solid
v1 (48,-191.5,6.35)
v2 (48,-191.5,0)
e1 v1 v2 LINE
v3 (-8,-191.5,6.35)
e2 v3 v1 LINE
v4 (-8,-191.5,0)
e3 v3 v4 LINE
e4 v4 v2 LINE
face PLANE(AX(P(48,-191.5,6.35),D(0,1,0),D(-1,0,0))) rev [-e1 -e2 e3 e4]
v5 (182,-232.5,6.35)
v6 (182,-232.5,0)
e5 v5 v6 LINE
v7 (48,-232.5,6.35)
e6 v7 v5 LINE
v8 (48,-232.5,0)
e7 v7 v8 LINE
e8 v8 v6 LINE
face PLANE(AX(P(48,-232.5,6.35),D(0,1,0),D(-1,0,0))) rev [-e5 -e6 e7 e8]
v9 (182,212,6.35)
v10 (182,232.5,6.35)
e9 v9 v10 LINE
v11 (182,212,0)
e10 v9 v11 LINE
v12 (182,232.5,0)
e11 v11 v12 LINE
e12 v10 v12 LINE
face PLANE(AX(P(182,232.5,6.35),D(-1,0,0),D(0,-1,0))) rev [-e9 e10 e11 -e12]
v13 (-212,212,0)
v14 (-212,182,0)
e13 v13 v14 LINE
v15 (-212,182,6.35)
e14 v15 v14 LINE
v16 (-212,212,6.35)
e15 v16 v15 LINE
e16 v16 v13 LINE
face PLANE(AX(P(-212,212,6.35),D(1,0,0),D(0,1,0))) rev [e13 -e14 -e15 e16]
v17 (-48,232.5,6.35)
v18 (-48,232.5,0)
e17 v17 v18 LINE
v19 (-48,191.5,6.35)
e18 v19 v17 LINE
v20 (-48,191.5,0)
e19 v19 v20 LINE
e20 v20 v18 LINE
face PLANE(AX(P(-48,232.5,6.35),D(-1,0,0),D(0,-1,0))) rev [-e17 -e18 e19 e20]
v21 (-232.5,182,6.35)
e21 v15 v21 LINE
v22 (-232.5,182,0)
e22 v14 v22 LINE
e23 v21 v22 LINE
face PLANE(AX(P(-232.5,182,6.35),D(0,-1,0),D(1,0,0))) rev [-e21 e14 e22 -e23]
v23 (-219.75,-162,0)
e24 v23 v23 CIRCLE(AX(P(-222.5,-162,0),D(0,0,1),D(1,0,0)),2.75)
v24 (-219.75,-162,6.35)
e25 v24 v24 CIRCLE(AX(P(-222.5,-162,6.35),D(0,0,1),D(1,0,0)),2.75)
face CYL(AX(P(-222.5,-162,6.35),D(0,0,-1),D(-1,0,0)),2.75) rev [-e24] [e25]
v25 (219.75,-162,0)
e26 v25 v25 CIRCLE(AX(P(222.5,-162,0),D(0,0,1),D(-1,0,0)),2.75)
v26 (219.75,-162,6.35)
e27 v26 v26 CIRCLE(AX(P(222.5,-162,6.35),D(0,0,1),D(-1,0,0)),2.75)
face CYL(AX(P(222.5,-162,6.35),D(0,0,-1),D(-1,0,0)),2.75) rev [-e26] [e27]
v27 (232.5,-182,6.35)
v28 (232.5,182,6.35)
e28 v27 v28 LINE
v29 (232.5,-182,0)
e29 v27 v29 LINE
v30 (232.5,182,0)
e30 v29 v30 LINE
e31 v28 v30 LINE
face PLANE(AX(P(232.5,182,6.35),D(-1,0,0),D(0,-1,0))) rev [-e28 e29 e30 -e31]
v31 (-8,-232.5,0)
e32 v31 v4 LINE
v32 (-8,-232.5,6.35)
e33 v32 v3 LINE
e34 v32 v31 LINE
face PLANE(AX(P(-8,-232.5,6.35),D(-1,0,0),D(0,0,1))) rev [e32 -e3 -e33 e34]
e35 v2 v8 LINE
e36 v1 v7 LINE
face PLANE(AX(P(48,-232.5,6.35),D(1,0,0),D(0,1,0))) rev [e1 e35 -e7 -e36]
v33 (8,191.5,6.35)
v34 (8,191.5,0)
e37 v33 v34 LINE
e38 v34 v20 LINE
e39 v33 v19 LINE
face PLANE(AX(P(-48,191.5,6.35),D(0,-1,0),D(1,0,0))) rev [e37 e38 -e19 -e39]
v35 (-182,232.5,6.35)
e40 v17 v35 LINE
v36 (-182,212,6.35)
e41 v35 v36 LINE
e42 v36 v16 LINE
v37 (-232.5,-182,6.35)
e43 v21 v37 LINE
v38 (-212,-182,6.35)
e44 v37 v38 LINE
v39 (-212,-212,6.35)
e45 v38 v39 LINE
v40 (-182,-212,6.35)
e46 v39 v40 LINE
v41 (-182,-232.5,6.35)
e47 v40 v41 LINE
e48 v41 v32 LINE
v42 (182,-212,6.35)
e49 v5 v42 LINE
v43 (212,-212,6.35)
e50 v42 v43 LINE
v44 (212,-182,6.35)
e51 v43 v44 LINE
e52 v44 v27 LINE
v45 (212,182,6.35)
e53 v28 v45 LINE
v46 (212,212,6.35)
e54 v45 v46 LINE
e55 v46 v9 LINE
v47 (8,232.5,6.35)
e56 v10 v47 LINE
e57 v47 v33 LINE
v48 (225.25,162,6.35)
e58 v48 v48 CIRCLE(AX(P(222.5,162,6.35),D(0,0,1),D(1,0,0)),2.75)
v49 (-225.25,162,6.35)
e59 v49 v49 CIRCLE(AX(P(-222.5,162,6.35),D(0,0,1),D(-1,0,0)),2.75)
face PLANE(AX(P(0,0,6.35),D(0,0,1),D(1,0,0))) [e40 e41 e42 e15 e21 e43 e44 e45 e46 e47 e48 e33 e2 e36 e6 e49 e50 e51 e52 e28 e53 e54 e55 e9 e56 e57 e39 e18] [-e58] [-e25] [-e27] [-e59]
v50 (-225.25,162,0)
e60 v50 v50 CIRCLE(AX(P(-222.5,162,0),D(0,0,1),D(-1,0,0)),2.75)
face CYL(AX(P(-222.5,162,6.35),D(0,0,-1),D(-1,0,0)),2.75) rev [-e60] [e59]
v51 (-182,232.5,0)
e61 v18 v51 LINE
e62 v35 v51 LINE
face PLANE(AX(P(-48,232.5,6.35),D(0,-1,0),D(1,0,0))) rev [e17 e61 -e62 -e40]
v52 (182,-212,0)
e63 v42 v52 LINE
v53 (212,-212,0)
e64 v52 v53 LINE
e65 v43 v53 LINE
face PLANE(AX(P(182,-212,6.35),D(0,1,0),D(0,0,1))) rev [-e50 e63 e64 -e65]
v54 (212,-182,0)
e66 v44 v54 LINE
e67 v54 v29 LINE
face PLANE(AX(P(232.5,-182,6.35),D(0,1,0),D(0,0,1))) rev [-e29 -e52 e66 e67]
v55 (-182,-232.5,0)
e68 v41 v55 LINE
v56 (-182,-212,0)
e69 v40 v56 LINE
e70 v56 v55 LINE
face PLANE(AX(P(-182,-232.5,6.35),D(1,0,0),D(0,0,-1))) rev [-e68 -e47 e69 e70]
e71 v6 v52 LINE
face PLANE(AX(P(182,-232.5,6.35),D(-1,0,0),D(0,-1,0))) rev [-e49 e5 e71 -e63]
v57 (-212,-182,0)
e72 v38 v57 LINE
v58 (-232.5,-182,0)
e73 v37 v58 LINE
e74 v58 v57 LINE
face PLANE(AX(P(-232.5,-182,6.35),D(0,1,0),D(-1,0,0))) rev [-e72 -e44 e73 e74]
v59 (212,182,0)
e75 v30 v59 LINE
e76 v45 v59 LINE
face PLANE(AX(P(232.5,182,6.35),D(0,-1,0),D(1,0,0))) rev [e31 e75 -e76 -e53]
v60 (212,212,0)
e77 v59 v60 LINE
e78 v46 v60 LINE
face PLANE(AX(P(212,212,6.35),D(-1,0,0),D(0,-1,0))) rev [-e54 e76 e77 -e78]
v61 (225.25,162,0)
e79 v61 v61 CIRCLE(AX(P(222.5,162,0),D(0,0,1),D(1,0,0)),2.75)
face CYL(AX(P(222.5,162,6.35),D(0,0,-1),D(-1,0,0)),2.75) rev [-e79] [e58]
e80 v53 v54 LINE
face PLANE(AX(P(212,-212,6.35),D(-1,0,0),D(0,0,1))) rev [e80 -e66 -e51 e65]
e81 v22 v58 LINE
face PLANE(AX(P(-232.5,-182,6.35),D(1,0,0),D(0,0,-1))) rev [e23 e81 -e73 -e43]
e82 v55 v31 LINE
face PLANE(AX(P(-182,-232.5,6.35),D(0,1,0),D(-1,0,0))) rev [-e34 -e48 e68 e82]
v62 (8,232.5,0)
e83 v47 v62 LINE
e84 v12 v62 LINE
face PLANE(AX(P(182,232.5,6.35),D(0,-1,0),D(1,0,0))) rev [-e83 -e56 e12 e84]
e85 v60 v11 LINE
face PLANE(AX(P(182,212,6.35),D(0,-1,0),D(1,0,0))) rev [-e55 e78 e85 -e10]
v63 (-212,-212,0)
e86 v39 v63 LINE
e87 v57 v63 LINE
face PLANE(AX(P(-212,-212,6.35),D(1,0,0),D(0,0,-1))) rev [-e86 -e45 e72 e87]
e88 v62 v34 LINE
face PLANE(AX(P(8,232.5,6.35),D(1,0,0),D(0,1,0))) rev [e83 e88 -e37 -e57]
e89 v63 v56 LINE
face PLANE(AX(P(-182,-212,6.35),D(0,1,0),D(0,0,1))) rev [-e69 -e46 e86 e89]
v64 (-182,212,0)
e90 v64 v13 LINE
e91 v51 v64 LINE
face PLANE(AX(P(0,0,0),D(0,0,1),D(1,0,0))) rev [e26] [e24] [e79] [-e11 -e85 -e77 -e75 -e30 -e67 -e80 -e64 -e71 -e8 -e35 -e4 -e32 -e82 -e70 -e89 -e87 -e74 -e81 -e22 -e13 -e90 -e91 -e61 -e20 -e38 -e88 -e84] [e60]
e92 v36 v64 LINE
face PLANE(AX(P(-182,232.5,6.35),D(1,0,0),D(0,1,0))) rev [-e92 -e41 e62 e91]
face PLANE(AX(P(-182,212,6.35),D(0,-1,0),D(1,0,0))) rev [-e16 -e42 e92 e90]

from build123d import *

# Parameters (mm, degrees)
SKETCH1_R           = 2.75
BOSS_EXTRUDE1_DEPTH = 6.35


with BuildPart() as part:
    # Sketch1 → Boss-Extrude1 (new body)
    with BuildSketch(Plane.XY):
        Polygon((182, -212), (212, -212), (212, -182), (232.5, -182), (232.5, 0), (232.5, 182), (212, 182), (212, 212), (182, 212), (182, 232.5), (8, 232.5), (8, 191.5), (-48, 191.5), (-48, 232.5), (-182, 232.5), (-182, 212), (-212, 212), (-212, 182), (-232.5, 182), (-232.5, 0), (-232.5, -182), (-212, -182), (-212, -212), (-182, -212), (-182, -232.5), (-8, -232.5), (-8, -191.5), (48, -191.5), (48, -232.5), (182, -232.5), align=None)
        with Locations((-222.5, -162)):
            Circle(SKETCH1_R, mode=Mode.SUBTRACT)
        with Locations(Location((222.5, -162, 0), (0, 0, 180))):
            Circle(SKETCH1_R, mode=Mode.SUBTRACT)
        with Locations((222.5, 162)):
            Circle(SKETCH1_R, mode=Mode.SUBTRACT)
        with Locations(Location((-222.5, 162, 0), (0, 0, 180))):
            Circle(SKETCH1_R, mode=Mode.SUBTRACT)
    extrude(amount=BOSS_EXTRUDE1_DEPTH)


solid = part.part
